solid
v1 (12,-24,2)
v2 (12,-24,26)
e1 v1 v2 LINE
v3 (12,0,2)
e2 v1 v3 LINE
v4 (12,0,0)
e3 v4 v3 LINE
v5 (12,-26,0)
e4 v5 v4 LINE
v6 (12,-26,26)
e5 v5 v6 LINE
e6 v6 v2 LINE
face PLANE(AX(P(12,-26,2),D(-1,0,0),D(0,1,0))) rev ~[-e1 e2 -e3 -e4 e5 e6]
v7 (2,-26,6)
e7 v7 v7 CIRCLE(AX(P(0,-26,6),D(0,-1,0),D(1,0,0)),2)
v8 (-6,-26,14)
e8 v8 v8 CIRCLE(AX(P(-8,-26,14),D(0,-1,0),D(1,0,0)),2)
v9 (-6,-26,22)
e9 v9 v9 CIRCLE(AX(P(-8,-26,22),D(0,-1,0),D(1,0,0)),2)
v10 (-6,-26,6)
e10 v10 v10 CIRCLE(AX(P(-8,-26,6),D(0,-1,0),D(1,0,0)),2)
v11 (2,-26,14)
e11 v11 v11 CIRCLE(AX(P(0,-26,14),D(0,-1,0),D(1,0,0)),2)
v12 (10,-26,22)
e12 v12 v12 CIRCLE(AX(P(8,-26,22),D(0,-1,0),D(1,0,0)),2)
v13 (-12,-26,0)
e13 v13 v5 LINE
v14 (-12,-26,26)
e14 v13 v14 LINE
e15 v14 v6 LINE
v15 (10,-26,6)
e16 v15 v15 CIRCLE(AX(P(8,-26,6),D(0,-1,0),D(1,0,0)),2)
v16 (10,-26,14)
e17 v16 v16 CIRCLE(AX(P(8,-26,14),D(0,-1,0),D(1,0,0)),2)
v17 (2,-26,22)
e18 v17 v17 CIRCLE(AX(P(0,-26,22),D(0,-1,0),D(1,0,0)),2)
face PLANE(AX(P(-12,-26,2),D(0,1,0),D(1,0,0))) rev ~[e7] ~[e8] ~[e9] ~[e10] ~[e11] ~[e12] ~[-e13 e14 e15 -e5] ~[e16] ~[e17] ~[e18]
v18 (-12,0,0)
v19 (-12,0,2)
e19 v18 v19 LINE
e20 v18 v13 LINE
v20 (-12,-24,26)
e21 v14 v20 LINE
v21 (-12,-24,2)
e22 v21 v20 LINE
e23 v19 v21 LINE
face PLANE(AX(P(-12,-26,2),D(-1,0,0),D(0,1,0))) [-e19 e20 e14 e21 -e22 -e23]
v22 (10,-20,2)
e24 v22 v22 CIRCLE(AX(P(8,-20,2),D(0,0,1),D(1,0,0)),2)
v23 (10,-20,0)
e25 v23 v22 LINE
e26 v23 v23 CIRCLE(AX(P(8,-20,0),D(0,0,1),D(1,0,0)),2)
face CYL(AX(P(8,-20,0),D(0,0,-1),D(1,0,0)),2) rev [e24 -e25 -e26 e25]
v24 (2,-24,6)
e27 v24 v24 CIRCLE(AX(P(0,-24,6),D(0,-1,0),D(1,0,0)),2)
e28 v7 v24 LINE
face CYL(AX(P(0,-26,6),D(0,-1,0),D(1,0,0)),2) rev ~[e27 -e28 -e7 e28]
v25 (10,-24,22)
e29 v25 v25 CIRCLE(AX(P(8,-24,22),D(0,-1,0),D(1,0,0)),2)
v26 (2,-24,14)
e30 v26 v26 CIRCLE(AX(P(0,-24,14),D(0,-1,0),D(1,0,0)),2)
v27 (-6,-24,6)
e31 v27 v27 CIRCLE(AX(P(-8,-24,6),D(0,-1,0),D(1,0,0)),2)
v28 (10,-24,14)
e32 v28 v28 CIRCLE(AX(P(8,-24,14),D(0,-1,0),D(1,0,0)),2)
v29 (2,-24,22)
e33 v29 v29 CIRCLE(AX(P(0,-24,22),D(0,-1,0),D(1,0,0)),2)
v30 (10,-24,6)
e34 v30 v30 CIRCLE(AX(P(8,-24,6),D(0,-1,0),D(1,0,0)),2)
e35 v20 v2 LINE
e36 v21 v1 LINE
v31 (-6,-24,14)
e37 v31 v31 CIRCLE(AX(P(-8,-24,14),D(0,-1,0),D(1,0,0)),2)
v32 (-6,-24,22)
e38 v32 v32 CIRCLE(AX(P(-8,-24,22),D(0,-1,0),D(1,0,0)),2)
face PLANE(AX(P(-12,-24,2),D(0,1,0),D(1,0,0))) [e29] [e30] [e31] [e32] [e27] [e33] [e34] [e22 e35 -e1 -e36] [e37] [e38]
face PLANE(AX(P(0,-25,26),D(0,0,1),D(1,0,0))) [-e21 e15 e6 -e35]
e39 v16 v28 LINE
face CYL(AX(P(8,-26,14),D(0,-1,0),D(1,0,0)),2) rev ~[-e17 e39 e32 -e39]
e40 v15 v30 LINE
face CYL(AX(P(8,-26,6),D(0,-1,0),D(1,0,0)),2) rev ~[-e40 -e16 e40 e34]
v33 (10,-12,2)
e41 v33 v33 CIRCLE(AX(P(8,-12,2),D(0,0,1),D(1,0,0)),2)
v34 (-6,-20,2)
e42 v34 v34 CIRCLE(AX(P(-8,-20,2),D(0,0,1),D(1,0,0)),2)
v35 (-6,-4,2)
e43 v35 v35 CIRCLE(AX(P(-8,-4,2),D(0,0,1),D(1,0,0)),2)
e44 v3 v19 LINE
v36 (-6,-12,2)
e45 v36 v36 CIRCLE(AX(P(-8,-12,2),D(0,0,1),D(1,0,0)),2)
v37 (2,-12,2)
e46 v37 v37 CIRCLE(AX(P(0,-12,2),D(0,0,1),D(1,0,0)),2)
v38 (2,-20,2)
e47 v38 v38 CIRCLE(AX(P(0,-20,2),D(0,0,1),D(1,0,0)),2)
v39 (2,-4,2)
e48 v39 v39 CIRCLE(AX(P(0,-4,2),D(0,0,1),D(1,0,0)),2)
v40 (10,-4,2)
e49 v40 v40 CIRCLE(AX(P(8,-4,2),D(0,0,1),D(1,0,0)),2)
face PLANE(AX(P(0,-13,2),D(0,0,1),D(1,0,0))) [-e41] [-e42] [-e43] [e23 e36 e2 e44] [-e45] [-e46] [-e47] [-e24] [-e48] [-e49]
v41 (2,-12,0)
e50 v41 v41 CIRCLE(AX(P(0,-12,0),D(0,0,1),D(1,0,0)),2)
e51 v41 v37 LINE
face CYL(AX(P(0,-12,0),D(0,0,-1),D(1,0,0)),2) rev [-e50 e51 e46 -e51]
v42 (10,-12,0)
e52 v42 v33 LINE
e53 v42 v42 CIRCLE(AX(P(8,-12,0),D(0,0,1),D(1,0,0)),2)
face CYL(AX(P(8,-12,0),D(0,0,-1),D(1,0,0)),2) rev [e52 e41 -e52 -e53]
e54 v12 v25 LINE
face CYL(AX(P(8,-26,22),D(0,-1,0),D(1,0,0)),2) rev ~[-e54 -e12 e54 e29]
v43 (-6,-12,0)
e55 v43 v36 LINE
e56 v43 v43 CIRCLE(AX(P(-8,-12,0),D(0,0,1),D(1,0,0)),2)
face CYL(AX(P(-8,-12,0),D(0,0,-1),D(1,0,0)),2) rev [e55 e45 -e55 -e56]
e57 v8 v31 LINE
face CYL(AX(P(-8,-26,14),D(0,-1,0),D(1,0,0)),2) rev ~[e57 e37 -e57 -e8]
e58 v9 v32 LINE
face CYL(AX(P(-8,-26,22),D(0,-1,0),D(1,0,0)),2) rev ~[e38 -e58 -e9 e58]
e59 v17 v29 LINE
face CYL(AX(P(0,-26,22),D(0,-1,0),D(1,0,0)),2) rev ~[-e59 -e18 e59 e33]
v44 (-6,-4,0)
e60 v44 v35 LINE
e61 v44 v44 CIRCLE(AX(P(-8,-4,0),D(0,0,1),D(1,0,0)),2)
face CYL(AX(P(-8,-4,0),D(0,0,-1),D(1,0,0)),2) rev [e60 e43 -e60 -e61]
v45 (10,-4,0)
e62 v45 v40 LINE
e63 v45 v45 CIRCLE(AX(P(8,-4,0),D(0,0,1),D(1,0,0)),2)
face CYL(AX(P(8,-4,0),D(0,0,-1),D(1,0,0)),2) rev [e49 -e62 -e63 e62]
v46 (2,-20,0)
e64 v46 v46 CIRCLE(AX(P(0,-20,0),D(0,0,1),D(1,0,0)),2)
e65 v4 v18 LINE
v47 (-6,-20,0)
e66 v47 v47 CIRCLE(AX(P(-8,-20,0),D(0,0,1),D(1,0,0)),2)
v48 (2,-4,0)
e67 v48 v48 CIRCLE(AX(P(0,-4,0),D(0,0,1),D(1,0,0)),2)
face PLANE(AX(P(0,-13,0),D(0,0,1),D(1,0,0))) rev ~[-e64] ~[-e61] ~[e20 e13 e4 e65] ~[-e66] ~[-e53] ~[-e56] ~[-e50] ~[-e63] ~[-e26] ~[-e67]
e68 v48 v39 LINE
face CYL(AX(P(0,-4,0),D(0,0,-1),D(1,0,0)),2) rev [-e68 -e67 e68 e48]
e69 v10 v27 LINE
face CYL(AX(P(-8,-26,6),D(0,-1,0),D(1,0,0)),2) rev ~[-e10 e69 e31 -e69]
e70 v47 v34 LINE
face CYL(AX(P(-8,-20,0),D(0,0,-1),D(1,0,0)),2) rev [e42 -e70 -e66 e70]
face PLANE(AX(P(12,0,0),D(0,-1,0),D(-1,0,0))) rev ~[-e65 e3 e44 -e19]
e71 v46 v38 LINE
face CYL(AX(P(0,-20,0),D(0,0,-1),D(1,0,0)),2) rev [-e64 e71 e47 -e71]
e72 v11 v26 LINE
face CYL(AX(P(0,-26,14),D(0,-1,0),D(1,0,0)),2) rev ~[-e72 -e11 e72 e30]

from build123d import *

# Parameters (mm, degrees)
F0_R     = 2
F1_DEPTH = 2
F2_W     = 24
F2_H     = 2
F3_DEPTH = 24
F4_R     = 2
F5_DEPTH = 25


with BuildPart() as f1:
    # F0 (on Top) → F1 (new body)
    with BuildSketch(Plane.XY):
        Polygon((12, 0), (0, 0), (-12, 0), (-12, -26), (12, -26), align=None)
        with Locations((-8, -20)):
            Circle(F0_R, mode=Mode.SUBTRACT)
        with Locations((0, -20)):
            Circle(F0_R, mode=Mode.SUBTRACT)
        with Locations((8, -20)):
            Circle(F0_R, mode=Mode.SUBTRACT)
        with Locations((-8, -12)):
            Circle(F0_R, mode=Mode.SUBTRACT)
        with Locations((-8, -4)):
            Circle(F0_R, mode=Mode.SUBTRACT)
        with Locations((0, -12)):
            Circle(F0_R, mode=Mode.SUBTRACT)
        with Locations((8, -12)):
            Circle(F0_R, mode=Mode.SUBTRACT)
        with Locations((0, -4)):
            Circle(F0_R, mode=Mode.SUBTRACT)
        with Locations((8, -4)):
            Circle(F0_R, mode=Mode.SUBTRACT)
    extrude(amount=F1_DEPTH)

    # F2 (on face) → F3 (join)
    with BuildSketch(Plane.XY.offset(2)):
        with Locations((0, -25)):
            Rectangle(F2_W, F2_H)
    extrude(amount=F3_DEPTH)

    # F4 (on face) → F5 (cut)
    with BuildSketch(Plane.XZ.offset(26)):
        with Locations((-8, 22)):
            Circle(F4_R)
        with Locations((-8, 14)):
            Circle(F4_R)
        with Locations((-8, 6)):
            Circle(F4_R)
        with Locations((0, 22)):
            Circle(F4_R)
        with Locations((0, 14)):
            Circle(F4_R)
        with Locations((0, 6)):
            Circle(F4_R)
        with Locations((8, 22)):
            Circle(F4_R)
        with Locations((8, 14)):
            Circle(F4_R)
        with Locations((8, 6)):
            Circle(F4_R)
    extrude(amount=-F5_DEPTH, mode=Mode.SUBTRACT)


solid = f1.part
